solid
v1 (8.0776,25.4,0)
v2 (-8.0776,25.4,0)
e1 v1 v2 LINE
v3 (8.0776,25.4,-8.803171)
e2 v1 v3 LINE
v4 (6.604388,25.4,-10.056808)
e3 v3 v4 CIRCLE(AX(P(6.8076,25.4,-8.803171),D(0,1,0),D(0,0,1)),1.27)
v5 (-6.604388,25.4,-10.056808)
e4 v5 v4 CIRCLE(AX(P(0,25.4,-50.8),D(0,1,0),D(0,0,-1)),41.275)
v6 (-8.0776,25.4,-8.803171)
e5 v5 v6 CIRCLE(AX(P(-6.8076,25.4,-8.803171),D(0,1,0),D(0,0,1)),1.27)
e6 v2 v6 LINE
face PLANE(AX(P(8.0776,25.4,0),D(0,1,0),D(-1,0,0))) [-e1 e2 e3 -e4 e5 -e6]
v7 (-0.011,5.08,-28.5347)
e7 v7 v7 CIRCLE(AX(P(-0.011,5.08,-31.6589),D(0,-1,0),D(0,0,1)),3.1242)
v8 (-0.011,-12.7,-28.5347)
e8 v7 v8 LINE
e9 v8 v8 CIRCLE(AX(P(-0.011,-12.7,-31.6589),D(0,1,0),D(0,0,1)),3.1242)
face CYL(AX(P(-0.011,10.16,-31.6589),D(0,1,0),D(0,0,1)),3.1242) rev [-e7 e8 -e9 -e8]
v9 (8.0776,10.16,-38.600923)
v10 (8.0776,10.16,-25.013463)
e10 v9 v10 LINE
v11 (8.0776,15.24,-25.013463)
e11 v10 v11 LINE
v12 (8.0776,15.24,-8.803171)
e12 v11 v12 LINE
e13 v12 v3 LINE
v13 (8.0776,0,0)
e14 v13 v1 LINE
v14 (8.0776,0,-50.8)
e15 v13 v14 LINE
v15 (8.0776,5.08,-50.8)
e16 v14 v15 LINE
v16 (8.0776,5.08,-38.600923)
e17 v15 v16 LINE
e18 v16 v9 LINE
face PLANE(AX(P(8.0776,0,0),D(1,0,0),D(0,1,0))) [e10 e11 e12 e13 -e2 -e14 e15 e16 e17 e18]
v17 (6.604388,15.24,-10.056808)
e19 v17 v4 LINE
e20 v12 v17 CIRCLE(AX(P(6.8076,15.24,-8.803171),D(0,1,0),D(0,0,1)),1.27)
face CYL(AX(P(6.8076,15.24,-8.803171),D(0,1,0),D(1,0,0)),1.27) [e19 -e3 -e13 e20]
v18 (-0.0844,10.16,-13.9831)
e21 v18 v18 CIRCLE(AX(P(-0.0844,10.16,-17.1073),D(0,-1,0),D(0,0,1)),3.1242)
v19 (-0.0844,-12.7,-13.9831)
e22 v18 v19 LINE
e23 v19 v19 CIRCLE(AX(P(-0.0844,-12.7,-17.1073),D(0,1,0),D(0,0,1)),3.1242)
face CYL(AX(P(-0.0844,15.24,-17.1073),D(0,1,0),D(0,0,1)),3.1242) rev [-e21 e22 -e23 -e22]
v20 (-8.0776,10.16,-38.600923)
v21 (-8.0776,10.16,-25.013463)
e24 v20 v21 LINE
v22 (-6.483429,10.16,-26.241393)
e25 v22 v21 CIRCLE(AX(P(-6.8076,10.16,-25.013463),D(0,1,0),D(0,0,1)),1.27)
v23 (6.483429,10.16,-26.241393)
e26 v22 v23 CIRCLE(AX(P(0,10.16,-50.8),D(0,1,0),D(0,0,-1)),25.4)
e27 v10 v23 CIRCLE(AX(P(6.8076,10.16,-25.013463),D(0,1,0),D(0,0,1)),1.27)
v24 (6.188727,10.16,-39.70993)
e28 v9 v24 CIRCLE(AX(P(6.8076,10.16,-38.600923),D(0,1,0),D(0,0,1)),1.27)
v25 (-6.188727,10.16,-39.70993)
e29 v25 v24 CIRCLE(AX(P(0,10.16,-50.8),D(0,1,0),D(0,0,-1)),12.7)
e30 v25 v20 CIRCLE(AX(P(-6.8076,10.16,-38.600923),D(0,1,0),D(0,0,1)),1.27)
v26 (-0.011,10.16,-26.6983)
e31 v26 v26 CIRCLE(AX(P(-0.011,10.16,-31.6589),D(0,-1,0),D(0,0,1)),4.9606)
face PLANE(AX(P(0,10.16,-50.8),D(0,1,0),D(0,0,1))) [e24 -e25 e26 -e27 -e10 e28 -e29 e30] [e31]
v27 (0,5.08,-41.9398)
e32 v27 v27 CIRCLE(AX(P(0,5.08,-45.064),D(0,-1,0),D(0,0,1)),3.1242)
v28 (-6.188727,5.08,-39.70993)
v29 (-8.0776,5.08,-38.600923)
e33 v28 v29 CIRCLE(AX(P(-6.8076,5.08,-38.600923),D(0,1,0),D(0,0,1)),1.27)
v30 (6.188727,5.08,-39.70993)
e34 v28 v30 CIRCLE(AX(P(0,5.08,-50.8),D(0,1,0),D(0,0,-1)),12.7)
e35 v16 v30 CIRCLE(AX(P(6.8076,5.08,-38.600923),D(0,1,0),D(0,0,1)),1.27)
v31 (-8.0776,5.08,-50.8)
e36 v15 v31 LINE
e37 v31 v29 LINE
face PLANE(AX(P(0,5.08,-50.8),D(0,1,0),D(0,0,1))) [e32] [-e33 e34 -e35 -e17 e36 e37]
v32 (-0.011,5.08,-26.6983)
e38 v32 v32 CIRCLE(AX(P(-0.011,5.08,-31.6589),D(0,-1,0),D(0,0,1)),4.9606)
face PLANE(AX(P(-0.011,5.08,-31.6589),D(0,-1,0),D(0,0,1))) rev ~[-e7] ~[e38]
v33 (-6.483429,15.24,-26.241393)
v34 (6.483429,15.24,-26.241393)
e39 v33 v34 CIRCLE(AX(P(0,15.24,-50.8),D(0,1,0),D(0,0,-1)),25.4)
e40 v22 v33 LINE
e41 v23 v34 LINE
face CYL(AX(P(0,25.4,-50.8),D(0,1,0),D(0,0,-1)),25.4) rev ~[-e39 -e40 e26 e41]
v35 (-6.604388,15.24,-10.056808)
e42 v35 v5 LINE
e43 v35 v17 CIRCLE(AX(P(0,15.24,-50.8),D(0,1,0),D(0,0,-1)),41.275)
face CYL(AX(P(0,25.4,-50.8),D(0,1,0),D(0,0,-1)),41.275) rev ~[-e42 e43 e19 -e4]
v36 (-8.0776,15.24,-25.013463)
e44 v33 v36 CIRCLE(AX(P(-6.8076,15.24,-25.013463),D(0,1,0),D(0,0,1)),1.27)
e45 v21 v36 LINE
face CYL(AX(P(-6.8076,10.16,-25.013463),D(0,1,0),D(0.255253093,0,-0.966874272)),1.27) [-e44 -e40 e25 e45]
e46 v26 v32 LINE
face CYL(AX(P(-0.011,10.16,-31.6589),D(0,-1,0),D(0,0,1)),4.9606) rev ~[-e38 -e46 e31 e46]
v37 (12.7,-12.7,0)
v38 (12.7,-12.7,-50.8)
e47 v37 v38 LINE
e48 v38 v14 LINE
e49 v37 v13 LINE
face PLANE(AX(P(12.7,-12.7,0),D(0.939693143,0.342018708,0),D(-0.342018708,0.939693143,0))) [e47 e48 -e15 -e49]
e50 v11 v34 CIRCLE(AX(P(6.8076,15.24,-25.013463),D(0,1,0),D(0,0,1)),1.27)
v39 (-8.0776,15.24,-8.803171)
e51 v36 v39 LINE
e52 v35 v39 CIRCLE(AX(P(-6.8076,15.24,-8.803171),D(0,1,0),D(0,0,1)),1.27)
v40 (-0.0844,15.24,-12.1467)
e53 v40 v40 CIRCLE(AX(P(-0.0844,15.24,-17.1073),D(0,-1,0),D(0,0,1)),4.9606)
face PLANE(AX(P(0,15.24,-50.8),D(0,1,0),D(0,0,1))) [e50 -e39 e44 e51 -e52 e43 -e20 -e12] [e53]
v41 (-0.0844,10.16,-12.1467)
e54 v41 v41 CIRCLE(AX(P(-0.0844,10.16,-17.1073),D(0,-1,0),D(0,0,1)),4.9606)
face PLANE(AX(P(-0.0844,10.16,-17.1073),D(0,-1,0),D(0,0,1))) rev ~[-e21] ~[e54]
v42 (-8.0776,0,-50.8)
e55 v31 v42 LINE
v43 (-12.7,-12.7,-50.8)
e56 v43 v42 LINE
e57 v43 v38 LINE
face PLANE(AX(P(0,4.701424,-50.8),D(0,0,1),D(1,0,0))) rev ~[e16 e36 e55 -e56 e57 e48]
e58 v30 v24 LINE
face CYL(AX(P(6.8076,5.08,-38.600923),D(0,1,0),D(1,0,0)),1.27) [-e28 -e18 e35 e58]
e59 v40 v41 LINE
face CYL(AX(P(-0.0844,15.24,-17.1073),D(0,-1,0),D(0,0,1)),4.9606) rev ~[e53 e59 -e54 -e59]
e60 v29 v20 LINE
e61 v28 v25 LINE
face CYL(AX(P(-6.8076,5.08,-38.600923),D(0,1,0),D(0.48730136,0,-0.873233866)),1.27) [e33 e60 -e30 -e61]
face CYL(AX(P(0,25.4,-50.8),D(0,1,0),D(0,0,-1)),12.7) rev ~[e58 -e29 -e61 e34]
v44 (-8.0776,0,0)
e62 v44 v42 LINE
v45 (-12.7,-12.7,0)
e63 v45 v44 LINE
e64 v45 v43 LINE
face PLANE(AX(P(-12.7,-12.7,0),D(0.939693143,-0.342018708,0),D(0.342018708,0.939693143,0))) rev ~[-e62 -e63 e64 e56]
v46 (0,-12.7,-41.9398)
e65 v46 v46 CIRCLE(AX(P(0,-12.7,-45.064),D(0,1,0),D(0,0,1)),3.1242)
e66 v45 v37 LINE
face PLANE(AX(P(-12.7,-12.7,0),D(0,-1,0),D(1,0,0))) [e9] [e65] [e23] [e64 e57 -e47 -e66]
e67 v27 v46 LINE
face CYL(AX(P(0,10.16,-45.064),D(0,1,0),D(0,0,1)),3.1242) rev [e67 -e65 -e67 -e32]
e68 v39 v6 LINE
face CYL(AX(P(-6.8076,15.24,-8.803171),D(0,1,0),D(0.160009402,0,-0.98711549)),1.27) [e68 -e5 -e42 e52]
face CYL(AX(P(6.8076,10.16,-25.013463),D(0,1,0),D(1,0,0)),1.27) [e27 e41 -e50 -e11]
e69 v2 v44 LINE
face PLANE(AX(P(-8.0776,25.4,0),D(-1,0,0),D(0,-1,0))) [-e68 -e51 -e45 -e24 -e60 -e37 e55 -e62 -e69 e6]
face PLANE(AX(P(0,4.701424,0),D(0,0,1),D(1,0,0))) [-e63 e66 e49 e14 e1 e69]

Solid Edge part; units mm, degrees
sketch "Sketch1" plane through (0, 0, 0) normal (0, 0, 1) x (1, 0, 0)
  line L0 (12.7, -12.7) -> (8.0776, 0)
  line L1 (8.0776, 0) -> (8.0776, 25.4)
  line L2 (8.0776, 25.4) -> (-8.0776, 25.4)
  line L3 (-8.0776, 25.4) -> (-8.0776, 0)
  line L4 (-12.7, -12.7) -> (-8.0776, 0)
  line L5 (-12.7, -12.7) -> (12.7, -12.7)
extrude "Protrusion1" add sketch "Sketch1" against normal blind 50.8
sketch "Sketch2" plane through (0, 25.4, -25.4) normal (0, 1, 0) x (0, 0, -1)
  circle A0 centre (25.4, 0) radius 12.7
extrude "ExtrudedCutout_1" cut sketch "Sketch2" against normal blind 20.32
sketch "Sketch3" plane through (0, 25.4, -25.4) normal (0, 1, 0) x (0, 0, -1)
  circle A0 centre (25.4, 0) radius 25.4
extrude "ExtrudedCutout_2" cut sketch "Sketch3" against normal blind 15.24
sketch "Sketch4" plane through (0, 25.4, -25.4) normal (0, 1, 0) x (0, 0, -1)
  circle A0 centre (25.4, 0) radius 41.275
extrude "ExtrudedCutout_3" cut sketch "Sketch4" against normal blind 10.16
fillet "Round_1" radius 1.27 6 edges at (8.0776, 20.32, -10.3231) (-8.0776, 20.32, -10.3231) (8.0776, 12.7, -26.7186) (-8.0776, 12.7, -26.7186) (8.0776, 7.62, -40.9999) (-8.0776, 7.62, -40.9999)
hole "Hole_1" at (-0.0844, 15.24, -17.1073) direction (0, -1, 0) diameter 6.2484 end up to next counterbore diameter 9.9212 counterbore depth 5.08
hole "Hole_2" at (-0.011, 10.16, -31.6589) direction (0, -1, 0) diameter 6.2484 end up to next counterbore diameter 9.9212 counterbore depth 5.08
hole "Hole1" at (0, 10.16, -45.064) direction (0, -1, 0) diameter 6.2484 end up to next counterbore diameter 9.9212 counterbore depth 5.08
